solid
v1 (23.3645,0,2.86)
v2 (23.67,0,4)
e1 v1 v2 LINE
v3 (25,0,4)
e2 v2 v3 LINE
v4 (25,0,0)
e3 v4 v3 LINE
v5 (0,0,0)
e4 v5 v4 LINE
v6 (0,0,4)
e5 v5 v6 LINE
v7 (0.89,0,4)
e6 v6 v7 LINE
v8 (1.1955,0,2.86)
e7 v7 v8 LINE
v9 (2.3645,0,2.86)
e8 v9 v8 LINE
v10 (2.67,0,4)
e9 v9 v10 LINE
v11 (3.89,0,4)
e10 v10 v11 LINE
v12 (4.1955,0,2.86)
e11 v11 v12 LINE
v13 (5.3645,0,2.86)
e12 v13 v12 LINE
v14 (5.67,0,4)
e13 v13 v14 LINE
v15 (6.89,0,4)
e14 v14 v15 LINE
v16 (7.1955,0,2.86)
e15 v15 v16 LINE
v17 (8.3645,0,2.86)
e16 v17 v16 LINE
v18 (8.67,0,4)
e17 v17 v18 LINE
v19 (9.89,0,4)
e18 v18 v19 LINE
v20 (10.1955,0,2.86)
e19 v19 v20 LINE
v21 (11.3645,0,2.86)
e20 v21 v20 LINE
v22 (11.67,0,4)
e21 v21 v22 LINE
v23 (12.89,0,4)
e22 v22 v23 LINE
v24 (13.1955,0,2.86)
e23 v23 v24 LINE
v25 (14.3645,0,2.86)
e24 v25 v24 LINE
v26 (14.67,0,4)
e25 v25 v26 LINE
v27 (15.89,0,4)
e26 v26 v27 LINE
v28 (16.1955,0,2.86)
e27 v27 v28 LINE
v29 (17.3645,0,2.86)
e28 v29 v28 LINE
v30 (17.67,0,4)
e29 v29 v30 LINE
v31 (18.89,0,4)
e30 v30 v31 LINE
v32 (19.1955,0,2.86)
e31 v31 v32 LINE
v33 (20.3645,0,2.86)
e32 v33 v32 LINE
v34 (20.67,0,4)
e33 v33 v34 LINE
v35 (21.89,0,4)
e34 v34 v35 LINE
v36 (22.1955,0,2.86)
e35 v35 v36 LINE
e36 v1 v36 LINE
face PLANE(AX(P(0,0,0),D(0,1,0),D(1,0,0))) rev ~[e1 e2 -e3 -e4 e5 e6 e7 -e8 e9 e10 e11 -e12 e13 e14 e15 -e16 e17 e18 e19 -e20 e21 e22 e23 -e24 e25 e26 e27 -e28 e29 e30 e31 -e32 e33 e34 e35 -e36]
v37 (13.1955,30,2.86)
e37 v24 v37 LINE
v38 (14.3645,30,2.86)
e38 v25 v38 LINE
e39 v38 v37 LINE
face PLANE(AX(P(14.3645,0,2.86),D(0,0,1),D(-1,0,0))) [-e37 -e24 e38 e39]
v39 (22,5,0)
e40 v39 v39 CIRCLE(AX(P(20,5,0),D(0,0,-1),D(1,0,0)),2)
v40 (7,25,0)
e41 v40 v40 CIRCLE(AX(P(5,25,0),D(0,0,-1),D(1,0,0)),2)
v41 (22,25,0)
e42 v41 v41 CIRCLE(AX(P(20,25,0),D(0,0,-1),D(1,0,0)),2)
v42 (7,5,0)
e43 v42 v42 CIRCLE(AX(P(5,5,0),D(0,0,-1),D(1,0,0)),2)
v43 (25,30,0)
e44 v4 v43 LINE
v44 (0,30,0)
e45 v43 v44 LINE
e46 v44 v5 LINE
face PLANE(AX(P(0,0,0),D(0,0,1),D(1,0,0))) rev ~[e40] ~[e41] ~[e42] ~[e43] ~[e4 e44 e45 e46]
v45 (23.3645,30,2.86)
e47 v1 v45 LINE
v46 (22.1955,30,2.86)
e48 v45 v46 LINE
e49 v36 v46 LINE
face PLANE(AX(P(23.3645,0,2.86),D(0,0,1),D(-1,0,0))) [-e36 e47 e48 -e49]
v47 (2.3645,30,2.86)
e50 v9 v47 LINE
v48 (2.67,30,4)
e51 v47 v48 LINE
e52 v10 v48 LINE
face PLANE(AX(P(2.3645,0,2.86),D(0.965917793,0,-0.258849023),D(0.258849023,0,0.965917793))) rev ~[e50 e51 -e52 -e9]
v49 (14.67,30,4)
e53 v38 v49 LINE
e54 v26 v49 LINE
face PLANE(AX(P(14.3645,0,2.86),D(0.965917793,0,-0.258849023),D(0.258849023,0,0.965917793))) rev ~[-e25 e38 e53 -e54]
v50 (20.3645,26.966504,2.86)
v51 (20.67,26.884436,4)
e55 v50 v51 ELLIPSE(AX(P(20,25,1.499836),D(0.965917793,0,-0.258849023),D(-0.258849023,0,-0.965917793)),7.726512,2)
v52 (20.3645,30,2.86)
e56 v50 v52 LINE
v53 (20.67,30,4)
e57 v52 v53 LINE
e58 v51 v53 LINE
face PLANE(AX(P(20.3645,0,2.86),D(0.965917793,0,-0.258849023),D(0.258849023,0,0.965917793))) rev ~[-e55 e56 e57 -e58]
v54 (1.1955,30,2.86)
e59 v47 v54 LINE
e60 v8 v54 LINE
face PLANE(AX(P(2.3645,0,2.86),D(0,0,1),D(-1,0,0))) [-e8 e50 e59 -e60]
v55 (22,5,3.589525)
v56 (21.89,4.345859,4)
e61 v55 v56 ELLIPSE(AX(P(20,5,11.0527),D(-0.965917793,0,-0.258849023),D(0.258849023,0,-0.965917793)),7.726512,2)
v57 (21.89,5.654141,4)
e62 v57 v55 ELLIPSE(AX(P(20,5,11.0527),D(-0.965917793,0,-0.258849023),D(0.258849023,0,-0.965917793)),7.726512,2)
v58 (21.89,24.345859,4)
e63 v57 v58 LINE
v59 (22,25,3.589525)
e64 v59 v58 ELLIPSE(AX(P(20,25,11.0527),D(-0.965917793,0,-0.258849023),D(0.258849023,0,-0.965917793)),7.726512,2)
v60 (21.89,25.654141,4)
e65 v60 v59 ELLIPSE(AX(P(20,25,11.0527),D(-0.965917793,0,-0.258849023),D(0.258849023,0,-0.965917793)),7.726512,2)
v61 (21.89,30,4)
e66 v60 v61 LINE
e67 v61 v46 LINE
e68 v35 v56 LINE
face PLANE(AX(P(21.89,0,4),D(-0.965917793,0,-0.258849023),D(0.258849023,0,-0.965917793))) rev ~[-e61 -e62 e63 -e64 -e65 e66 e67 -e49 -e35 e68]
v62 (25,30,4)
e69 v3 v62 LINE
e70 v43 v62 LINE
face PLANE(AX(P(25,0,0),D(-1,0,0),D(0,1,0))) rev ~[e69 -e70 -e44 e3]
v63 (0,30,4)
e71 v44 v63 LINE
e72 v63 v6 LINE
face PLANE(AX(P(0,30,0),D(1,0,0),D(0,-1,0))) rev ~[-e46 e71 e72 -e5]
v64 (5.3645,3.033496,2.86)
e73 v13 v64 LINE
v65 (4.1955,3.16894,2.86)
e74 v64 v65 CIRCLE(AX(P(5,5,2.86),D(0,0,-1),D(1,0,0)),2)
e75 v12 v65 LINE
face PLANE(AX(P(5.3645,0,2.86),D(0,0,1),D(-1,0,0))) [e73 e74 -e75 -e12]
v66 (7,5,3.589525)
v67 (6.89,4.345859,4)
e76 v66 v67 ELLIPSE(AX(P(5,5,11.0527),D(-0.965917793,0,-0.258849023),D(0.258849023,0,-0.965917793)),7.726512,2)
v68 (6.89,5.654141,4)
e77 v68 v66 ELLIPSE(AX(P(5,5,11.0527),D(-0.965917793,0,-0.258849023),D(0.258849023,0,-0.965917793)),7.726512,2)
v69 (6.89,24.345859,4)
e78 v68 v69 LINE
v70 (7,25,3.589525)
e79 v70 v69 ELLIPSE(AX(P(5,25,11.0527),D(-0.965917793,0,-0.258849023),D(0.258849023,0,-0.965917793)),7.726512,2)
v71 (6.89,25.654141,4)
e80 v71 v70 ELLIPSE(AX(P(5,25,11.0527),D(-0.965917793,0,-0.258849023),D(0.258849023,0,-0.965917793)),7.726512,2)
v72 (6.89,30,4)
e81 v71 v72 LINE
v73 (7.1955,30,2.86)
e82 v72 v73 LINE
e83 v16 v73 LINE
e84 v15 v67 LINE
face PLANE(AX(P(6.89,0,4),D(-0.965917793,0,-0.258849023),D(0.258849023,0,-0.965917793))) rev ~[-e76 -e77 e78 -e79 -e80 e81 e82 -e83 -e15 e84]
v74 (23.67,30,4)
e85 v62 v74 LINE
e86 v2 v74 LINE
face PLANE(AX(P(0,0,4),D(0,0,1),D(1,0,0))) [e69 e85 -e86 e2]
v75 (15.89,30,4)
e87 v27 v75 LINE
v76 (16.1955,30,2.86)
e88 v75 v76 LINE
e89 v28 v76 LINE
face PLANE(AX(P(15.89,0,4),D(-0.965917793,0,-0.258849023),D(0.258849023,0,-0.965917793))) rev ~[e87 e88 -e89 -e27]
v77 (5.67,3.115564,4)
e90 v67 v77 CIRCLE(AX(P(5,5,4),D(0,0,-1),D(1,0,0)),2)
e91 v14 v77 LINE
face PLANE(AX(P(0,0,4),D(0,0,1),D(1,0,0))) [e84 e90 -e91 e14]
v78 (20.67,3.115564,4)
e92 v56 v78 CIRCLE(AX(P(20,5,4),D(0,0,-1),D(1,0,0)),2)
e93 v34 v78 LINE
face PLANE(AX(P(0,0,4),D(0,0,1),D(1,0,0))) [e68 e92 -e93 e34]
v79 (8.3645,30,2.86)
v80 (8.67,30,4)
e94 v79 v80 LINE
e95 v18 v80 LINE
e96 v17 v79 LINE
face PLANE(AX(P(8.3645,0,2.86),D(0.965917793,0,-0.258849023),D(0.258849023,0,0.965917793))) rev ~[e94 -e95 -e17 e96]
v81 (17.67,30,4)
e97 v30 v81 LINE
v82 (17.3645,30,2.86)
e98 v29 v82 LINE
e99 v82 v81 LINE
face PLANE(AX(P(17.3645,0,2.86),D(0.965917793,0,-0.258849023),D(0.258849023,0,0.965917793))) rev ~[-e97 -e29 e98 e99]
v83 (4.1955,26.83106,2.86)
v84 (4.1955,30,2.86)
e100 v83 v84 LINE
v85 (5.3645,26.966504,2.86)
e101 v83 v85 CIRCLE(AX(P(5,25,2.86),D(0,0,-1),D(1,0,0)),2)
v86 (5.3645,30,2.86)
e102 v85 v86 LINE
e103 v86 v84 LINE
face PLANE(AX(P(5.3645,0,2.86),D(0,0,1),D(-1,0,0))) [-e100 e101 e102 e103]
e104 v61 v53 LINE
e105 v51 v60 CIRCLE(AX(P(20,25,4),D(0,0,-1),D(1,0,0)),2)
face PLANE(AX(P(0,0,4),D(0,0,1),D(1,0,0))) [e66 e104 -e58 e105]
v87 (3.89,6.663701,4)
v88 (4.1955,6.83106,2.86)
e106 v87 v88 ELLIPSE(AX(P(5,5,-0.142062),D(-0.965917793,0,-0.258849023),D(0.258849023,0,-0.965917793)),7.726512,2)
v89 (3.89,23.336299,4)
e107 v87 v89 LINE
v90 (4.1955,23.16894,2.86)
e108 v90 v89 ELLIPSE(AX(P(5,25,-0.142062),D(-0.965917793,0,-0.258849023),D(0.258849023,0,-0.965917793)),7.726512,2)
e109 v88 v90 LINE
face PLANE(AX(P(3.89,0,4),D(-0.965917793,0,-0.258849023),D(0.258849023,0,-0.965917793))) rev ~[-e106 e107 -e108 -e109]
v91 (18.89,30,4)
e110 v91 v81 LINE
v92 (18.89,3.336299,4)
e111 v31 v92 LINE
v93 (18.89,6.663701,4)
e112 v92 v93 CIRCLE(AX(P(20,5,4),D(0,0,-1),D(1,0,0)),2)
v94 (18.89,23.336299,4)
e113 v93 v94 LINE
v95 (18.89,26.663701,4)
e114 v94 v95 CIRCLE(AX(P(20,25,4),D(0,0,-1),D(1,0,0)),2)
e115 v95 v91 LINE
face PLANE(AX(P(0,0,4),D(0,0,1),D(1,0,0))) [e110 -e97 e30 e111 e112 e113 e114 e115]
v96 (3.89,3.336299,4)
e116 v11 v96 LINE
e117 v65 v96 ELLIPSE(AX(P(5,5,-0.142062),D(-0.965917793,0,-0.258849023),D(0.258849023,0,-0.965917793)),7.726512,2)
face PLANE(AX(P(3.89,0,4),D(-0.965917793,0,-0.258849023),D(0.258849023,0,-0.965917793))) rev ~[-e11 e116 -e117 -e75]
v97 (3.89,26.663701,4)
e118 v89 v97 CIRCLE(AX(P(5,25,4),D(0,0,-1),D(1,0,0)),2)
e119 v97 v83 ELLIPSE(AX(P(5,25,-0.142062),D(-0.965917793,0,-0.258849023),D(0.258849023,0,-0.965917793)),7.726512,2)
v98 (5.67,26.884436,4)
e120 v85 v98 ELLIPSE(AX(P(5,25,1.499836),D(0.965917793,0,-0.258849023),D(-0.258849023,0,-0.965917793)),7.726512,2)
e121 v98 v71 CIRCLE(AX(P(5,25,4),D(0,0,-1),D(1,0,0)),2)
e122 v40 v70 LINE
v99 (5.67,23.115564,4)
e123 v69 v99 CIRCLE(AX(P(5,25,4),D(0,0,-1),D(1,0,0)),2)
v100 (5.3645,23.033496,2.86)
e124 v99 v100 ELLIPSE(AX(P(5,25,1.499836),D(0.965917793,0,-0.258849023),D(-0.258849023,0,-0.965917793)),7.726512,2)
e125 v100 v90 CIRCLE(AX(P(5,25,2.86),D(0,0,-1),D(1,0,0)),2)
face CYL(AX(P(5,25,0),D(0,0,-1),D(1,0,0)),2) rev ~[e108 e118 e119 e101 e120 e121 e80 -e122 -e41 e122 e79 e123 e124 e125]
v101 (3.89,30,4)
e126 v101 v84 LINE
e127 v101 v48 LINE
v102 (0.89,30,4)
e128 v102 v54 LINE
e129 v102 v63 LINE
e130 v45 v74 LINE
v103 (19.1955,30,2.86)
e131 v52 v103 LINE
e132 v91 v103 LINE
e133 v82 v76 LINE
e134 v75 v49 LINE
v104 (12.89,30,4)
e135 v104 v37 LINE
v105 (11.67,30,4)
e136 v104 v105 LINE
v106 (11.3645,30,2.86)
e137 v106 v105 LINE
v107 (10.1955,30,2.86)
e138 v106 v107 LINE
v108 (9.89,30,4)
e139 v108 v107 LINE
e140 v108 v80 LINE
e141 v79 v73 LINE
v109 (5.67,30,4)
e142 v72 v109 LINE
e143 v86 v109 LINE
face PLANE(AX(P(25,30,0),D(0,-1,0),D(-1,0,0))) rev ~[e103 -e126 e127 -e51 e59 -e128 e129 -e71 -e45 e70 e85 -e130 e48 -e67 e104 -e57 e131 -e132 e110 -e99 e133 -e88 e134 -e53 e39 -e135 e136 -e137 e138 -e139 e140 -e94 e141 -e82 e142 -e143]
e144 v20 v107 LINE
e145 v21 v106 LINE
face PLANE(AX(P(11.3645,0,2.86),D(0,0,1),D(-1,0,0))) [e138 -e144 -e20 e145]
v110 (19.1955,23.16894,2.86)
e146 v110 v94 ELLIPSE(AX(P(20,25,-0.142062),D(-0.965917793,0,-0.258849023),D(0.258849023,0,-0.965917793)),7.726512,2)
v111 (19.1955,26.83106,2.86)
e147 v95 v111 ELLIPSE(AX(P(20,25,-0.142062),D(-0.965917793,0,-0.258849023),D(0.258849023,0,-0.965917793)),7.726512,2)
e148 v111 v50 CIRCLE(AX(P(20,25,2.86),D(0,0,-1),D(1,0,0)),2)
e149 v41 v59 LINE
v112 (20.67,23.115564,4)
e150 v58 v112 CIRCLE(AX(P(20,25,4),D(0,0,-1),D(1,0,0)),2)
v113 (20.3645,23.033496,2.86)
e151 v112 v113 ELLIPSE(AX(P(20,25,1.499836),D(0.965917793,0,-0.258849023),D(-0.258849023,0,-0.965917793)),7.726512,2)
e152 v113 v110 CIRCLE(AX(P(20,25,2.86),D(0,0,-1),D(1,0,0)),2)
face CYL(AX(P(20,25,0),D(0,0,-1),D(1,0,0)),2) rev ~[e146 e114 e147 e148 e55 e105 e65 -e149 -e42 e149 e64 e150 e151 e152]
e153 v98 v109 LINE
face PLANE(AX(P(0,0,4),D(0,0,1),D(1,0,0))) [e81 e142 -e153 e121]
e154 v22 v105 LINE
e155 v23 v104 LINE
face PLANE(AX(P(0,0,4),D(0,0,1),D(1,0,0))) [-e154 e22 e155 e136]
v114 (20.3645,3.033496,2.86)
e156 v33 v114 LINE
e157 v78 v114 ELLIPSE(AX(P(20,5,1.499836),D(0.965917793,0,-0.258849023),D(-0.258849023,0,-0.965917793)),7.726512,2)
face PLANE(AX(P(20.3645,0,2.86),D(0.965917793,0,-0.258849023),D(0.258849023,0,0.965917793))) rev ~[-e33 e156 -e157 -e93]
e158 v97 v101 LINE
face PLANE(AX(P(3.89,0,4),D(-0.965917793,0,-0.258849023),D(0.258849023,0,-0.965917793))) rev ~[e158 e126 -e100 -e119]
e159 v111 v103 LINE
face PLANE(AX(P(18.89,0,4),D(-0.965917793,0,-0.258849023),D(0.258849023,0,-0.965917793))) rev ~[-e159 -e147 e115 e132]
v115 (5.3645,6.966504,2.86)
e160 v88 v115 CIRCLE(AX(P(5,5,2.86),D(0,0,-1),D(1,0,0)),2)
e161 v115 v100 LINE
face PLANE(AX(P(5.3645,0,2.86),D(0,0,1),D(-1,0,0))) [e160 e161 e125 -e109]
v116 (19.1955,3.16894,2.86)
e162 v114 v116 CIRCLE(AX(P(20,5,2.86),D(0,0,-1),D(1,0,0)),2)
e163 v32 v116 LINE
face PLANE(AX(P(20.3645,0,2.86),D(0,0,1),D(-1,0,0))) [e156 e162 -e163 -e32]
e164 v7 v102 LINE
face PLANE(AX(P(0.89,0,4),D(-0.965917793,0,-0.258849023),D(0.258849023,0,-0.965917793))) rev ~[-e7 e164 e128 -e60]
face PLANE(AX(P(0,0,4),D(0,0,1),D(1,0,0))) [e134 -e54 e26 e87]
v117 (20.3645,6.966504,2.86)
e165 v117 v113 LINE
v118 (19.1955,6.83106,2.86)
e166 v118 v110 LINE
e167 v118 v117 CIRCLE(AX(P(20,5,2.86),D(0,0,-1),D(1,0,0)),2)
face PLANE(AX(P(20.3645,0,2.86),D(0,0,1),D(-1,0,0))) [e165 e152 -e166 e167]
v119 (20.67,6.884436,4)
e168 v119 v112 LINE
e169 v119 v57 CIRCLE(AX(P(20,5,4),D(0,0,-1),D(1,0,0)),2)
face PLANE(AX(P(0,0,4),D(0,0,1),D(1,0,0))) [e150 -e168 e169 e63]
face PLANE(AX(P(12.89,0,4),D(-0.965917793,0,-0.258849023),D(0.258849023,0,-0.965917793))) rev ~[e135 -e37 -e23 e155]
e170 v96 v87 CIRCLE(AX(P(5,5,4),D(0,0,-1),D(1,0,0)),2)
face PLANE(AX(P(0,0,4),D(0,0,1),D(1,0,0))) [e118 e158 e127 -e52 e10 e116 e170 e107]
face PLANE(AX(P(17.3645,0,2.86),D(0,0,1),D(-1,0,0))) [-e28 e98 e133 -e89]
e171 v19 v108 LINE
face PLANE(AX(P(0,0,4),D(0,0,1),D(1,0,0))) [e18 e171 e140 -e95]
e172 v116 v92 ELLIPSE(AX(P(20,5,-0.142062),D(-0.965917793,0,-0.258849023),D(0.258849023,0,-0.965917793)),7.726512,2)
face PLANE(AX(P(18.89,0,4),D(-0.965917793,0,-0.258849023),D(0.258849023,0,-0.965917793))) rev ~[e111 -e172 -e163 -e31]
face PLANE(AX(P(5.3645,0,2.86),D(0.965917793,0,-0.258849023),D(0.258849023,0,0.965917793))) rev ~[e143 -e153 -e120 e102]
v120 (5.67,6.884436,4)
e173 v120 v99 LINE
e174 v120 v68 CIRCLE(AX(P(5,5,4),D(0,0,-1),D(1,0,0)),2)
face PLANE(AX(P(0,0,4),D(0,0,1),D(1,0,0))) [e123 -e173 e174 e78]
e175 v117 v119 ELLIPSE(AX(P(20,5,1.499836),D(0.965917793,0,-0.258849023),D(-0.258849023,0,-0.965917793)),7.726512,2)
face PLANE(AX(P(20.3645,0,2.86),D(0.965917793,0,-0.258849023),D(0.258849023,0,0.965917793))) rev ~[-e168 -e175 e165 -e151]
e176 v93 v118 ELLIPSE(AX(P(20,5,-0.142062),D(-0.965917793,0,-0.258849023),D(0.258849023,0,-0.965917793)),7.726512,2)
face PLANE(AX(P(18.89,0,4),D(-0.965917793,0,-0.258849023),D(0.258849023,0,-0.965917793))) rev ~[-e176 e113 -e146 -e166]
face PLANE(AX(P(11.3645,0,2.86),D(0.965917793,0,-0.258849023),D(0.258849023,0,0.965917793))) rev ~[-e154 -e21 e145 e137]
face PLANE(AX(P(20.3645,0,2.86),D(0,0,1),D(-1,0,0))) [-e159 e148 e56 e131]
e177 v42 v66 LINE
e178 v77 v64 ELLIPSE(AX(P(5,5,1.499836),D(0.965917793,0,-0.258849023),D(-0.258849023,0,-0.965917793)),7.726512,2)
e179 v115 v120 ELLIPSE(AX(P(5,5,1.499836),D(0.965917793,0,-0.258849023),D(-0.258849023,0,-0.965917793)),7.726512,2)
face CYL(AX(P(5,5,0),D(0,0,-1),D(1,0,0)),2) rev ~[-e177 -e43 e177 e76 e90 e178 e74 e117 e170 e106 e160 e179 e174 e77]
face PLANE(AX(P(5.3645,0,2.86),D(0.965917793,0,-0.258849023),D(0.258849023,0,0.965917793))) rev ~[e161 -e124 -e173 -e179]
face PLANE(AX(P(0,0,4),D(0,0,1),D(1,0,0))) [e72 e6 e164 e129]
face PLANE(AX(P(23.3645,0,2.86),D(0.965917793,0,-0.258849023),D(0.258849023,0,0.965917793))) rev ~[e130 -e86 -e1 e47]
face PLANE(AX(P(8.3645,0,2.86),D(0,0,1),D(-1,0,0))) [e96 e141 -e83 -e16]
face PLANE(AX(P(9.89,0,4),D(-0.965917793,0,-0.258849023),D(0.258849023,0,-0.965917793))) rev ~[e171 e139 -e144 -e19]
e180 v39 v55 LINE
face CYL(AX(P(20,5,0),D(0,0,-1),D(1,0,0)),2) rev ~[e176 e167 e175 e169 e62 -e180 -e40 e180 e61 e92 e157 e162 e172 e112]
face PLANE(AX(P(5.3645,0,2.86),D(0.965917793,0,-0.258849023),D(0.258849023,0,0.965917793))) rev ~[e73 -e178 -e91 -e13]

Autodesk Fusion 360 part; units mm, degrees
sketch "Sketch1" plane through (0, 0, 0) normal (0, 0, 1) x (1, 0, 0)
  line L0 (0, 0) -> (25, 0)
  line L1 (25, 0) -> (25, 30)
  line L2 (25, 30) -> (0, 30)
  line L3 (0, 30) -> (0, 0)
  dimension "d1" = 25
  dimension "d2" = 30
extrude "Extrude1" add sketch "Sketch1" along normal blind 4
sketch "Sketch2" plane through (0, 0, 0) normal (0, -1, 0) x (1, 0, 0)
  line L0 (0, 0) -> (25, 0)
  line L1 (25, 0) -> (25, 4)
  line L2 (25, 4) -> (0, 4)
  line L3 (0, 4) -> (0, 0)
  line L4 (25, 2.86) -> (0, 2.86)
  line L5 (0.89, 4) -> (1.1955, 2.86)
  line L6 (2.3645, 2.86) -> (2.67, 4)
  line L7 (3.89, 4) -> (4.1955, 2.86)
  line L8 (5.3645, 2.86) -> (5.67, 4)
  line L9 (6.89, 4) -> (7.1955, 2.86)
  line L10 (8.3645, 2.86) -> (8.67, 4)
  line L11 (9.89, 4) -> (10.1955, 2.86)
  line L12 (11.3645, 2.86) -> (11.67, 4)
  line L13 (12.89, 4) -> (13.1955, 2.86)
  line L14 (14.3645, 2.86) -> (14.67, 4)
  line L15 (15.89, 4) -> (16.1955, 2.86)
  line L16 (17.3645, 2.86) -> (17.67, 4)
  line L17 (18.89, 4) -> (19.1955, 2.86)
  line L18 (20.3645, 2.86) -> (20.67, 4)
  line L19 (21.89, 4) -> (22.1955, 2.86)
  line L20 (23.3645, 2.86) -> (23.67, 4)
  dimension "d5" = 1.14
  dimension "d7" = 1.78
  dimension "d8" = 0.89
  dimension "d11" = 3
  dimension "d12" = 0
  dimension "d15" = 30
extrude "Extrude2" cut sketch "Sketch2" against normal up to surface (30 mm away) contours L2 L4 L5 L6 | L2 L4 L19 L20 | L2 L4 L7 L8 | L2 L4 L17 L18 | L2 L4 L9 L10 | L2 L4 L15 L16 | L2 L4 L11 L12 | L2 L4 L13 L14
sketch "Sketch3" plane through (0, 0, 0) normal (0, 0, -1) x (1, 0, 0)
  line L0 (0, 0) -> (0, -30)
  line L1 (0, -30) -> (25, -30)
  line L2 (25, -30) -> (25, 0)
  line L3 (25, 0) -> (0, 0)
  line L4 (20, -25) -> (5, -25) construction
  line L5 (5, -25) -> (5, -5) construction
  line L6 (5, -5) -> (20, -5) construction
  line L7 (20, -5) -> (20, -25) construction
  circle A0 centre (20, -25) radius 2
  circle A1 centre (5, -25) radius 2
  circle A2 centre (20, -5) radius 2
  circle A3 centre (5, -5) radius 2
  point P0 (12.5, -25)
  point P1 (5, -15)
  point P2 (0, -15)
  point P3 (12.5, -30)
  dimension "d16" = 15
  dimension "d17" = 20
  dimension "d18" = 4
  dimension "d19" = 4
extrude "Extrude3" cut sketch "Sketch3" against normal through all contours A0 | A1 | A2 | A3
equation "d8 = ( 1.78 / 2 ) * 1 mm"
